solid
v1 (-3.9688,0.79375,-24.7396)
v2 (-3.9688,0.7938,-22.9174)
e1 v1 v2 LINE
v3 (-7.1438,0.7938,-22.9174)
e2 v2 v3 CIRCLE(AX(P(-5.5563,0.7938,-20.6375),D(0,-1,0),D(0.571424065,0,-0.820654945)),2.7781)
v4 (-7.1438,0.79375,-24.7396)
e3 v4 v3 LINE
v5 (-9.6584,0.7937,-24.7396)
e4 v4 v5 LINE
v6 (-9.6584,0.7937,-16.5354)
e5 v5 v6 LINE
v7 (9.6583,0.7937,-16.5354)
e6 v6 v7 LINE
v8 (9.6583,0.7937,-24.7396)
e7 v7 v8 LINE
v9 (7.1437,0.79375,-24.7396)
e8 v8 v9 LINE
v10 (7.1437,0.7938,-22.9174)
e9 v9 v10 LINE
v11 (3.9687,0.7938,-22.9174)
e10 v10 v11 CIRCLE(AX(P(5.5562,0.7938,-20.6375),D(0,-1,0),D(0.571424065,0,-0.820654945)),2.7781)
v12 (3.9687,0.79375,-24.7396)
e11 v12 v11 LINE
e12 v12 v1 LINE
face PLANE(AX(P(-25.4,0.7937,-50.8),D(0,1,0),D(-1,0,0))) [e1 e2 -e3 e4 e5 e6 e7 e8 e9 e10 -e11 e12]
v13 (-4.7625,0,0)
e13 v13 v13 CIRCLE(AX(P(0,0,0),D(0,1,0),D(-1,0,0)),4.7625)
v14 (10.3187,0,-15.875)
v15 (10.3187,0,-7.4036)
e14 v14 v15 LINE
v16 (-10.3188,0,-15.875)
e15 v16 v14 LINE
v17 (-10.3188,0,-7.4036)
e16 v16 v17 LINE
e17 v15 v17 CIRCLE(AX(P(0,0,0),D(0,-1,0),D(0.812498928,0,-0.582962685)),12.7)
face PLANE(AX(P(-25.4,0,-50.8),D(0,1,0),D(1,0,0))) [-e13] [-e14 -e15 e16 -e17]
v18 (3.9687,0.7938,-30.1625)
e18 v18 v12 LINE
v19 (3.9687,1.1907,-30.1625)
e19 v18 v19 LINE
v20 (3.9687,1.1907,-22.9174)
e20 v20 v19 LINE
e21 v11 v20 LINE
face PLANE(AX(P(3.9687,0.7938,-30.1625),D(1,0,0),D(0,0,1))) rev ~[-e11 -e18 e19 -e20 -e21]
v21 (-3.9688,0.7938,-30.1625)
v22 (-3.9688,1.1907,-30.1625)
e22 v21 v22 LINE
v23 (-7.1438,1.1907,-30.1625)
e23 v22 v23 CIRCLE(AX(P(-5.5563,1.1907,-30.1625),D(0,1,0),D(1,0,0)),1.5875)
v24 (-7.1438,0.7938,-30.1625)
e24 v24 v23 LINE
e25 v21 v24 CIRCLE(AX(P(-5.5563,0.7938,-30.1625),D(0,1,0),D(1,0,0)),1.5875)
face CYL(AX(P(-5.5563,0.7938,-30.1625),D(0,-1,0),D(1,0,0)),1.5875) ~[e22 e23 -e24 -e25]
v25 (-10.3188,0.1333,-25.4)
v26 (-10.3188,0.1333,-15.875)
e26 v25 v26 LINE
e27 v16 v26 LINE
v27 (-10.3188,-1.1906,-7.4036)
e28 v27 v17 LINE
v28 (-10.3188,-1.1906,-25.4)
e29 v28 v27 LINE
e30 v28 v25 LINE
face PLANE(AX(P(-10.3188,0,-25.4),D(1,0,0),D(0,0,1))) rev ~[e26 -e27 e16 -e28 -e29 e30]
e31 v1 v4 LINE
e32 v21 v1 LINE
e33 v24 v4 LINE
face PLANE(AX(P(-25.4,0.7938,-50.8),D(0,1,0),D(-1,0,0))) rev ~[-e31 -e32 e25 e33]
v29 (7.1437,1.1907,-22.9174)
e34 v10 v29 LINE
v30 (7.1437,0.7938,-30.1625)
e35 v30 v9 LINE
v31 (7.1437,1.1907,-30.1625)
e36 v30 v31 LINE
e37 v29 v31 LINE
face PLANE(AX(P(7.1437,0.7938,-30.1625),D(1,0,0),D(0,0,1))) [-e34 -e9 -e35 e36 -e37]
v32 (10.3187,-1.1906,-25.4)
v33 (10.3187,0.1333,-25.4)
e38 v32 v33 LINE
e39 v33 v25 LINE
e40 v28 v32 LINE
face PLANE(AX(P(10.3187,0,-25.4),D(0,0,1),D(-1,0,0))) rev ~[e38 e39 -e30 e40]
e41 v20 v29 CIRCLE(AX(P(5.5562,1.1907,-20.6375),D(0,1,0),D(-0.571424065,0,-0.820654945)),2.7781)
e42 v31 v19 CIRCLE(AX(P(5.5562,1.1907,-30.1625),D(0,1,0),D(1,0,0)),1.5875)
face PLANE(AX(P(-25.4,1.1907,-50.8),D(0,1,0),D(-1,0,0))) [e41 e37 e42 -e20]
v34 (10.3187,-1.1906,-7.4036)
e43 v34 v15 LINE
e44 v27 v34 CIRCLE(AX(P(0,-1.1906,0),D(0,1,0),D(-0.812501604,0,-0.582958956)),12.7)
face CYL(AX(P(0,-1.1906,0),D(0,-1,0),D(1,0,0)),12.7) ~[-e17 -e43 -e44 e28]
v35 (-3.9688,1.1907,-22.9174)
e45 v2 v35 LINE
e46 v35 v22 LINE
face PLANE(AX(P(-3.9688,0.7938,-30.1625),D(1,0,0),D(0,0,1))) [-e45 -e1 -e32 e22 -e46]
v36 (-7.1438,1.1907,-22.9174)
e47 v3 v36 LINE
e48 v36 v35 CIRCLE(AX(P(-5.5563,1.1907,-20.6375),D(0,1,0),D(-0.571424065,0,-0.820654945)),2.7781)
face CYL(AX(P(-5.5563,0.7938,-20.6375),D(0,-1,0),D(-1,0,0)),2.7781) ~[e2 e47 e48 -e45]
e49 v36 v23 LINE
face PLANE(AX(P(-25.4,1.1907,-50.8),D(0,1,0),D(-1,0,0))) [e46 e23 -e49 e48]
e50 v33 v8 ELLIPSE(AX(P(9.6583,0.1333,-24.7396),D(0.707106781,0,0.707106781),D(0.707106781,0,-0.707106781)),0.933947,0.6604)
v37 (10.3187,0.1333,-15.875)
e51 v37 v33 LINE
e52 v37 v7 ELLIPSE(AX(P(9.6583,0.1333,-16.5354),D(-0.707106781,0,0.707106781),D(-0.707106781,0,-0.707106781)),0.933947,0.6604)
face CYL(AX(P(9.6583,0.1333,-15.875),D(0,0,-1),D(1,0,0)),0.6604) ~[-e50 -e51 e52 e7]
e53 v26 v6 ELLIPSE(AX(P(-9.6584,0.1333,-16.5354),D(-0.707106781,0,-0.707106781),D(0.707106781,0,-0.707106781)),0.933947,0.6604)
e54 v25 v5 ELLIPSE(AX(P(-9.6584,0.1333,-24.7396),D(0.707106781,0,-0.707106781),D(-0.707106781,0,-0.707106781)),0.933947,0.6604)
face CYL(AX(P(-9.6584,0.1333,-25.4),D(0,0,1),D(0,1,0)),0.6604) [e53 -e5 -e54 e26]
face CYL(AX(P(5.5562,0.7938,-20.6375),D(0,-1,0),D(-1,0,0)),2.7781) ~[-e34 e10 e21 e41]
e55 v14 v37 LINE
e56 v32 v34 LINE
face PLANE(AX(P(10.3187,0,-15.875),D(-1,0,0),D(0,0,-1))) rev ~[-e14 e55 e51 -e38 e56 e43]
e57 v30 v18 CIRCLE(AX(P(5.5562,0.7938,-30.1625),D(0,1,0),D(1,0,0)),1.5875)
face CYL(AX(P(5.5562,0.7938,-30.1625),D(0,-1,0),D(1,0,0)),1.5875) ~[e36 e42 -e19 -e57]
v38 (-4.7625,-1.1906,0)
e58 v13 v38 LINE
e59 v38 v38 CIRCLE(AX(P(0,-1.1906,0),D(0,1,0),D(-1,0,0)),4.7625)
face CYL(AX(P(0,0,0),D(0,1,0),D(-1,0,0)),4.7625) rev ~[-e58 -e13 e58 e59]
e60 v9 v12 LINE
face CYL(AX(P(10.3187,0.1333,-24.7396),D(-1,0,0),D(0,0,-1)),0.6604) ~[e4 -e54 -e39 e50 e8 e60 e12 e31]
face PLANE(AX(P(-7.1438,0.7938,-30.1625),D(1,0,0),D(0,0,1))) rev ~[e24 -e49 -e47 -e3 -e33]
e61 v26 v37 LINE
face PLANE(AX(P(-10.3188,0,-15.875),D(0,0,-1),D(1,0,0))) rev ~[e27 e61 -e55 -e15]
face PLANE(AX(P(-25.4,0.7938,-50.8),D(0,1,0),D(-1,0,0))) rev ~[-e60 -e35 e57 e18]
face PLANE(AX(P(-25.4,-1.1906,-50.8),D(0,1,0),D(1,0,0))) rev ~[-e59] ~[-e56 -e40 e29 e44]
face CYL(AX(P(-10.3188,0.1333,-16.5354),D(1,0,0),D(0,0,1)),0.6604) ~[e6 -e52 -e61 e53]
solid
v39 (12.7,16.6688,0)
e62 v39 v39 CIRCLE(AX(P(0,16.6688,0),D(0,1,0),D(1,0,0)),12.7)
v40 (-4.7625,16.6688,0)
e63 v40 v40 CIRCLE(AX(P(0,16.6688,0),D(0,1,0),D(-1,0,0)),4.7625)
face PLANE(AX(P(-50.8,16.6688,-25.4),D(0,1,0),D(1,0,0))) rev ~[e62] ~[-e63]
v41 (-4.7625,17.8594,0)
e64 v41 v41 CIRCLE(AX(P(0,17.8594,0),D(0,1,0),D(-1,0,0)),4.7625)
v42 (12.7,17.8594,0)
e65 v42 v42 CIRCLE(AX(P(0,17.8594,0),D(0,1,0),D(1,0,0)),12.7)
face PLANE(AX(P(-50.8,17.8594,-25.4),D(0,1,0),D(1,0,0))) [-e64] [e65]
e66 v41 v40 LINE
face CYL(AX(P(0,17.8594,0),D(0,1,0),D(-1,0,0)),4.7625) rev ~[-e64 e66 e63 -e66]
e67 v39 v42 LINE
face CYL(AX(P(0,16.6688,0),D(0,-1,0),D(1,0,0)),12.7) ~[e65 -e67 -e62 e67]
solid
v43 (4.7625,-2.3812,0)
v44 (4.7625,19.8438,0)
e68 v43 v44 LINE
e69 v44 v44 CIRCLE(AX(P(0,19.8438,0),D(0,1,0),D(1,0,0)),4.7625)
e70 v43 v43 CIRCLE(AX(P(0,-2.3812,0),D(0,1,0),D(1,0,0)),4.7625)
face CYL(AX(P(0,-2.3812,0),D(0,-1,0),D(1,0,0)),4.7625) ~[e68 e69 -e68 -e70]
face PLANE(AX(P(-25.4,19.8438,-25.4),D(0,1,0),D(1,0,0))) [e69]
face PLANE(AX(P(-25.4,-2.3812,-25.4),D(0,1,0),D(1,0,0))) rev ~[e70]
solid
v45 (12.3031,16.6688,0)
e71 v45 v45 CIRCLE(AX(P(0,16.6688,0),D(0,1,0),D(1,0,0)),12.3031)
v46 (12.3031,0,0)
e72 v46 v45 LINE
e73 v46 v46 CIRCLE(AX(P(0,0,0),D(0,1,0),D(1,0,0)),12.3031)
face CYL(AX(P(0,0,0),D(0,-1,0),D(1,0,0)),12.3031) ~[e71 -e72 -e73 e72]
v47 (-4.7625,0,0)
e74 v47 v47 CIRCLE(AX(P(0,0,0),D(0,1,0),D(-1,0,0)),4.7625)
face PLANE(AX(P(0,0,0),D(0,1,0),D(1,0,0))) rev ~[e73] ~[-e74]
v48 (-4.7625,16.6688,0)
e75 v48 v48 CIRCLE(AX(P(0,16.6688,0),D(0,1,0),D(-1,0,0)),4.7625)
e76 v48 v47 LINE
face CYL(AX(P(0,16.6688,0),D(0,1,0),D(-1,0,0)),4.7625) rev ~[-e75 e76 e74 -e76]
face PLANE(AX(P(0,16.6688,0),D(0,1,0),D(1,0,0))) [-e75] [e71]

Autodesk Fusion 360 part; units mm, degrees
sketch "Sketch1" plane through (0, 0, 0) normal (0, 1, 0) x (1, 0, 0) in component "Coil Wiring"
  circle A0 centre (0, 0) radius 12.3031
  dimension "d1" = 24.6062
extrude "Extrude1" add sketch "Sketch1" along normal blind 16.6688 makes body 1 in component "Coil Wiring"
sketch "Sketch1 (2)" plane through (0, 0, 0) normal (0, 1, 0) x (1, 0, 0) in component "Plastic Top"
  circle A0 centre (50.8, -25.4) radius 12.7
  dimension "d4" = 25.4
extrude "Extrude1'" add sketch "Sketch1 (2)" along normal blind 1.1906 separate body makes body 2 in component "Plastic Top"
sketch "Sketch1 (3)" plane through (0, 0, 0) normal (0, 1, 0) x (1, 0, 0) in component "Plastic Bottom"
  circle A0 centre (25.4, -50.8) radius 12.7
  line L0 (25.4, -50.8) -> (25.4, -25.4)
  line L1 (25.4, -25.4) -> (15.0812, -25.4)
  line L2 (25.4, -25.4) -> (35.7187, -25.4)
  line L3 (35.7187, -25.4) -> (35.7187, -43.3964)
  line L4 (15.0812, -25.4) -> (15.0812, -43.3964)
  dimension "d7" = 25.4
  dimension "d8" = 25.4
  dimension "d9" = 10.3188
extrude "Extrude1''" add sketch "Sketch1 (3)" along normal blind 1.1906 separate body makes body 3 in component "Plastic Bottom"
sketch "Sketch2" plane through (0, 1.1906, 0) normal (0, 1, 0) x (-1, 0, 0) in component "Plastic Bottom"
  line L0 (-35.7187, 25.4) -> (-15.0812, 25.4)
  line L1 (-15.0812, 25.4) -> (-15.0812, 43.3964)
  arc A0 (-15.0812, 43.3964) -> (-35.7187, 43.3964) centre (-25.4, 50.8) ccw
  line L2 (-35.7187, 43.3964) -> (-35.7187, 25.4)
  line L3 (-15.0812, 25.4) -> (-15.0812, 34.925)
  line L4 (-15.0812, 34.925) -> (-35.7187, 34.925)
extrude "Extrude2" add sketch "Sketch2" along normal blind 0.7937 contours L0 L1 L2 L3 L4 bodies 3 in component "Plastic Bottom"
fillet "Fillet1" radius 0.6604 4 edges at (35.7187, 1.9844, 30.1625) (25.4, 1.9844, 25.4) (25.4, 1.9844, 34.925) (15.0812, 1.9844, 30.1625) on bodies 3 in component "Plastic Bottom"
sketch "Sketch3" plane through (0, 1.9844, 0) normal (0, 1, 0) x (-1, 0, 0) in component "Plastic Bottom"
  line L0 (-15.7416, 26.0604) -> (-15.7416, 34.2646)
  line L1 (-15.7416, 34.2646) -> (-35.0583, 34.2646)
  line L2 (-35.0583, 34.2646) -> (-35.0583, 26.0604)
  line L3 (-35.0583, 26.0604) -> (-15.7416, 26.0604)
  line L4 (-15.0812, 25.4) -> (-15.0812, 34.925)
  line L5 (-35.7187, 34.925) -> (-35.7187, 25.4)
  circle A0 centre (-19.8437, 30.1625) radius 2.7781
  circle A1 centre (-30.9562, 30.1625) radius 2.7781
  line L6 (-18.2562, 20.6375) -> (-18.2562, 27.8826)
  line L7 (-21.4312, 20.6375) -> (-21.4312, 27.8826)
  line L8 (-29.3687, 20.6375) -> (-29.3687, 27.8826)
  line L9 (-32.5437, 20.6375) -> (-32.5437, 27.8826)
  arc A2 (-21.4312, 20.6375) -> (-18.2562, 20.6375) centre (-19.8437, 20.6375) ccw
  arc A3 (-32.5437, 20.6375) -> (-29.3687, 20.6375) centre (-30.9562, 20.6375) ccw
  dimension "d18" = 5.5563
  dimension "d19" = 5.5563
extrude "Extrude3" add sketch "Sketch3" along normal blind 0.3969 contours L3 L6 L7 A2 | L3 A0 L6 L7 | A0 | L3 L8 L9 A3 | L3 A1 L8 L9 | A1 bodies 3 in component "Plastic Bottom"
sketch "Sketch1 (4)" plane through (0, 0, 0) normal (0, 1, 0) x (1, 0, 0) in component "Core"
  circle A0 centre (25.4, -25.4) radius 4.7625
  dimension "d28" = 9.525
extrude "Extrude1'''" add sketch "Sketch1 (4)" along normal blind 22.225 separate body makes body 4 in component "Core"
sketch "Sketch4" plane through (0, 1.1906, 0) normal (0, 1, 0) x (-1, 0, 0) in component "Plastic Bottom"
  line L0 (-35.7187, 34.925) -> (-15.0812, 34.925)
  line L1 (-15.0812, 34.925) -> (-15.0812, 43.3964)
  arc A0 (-15.0812, 43.3964) -> (-35.7187, 43.3964) centre (-25.4, 50.8) ccw
  line L2 (-35.7187, 43.3964) -> (-35.7187, 34.925)
  circle A1 centre (-25.4, 50.8) radius 4.7625
  dimension "d31" = 9.525
extrude "Extrude4" cut sketch "Sketch4" against normal blind 1.1906 contours A1 bodies 3 in component "Plastic Bottom"
sketch "Sketch2 (2)" plane through (0, 1.1906, 0) normal (0, 1, 0) x (-1, 0, 0) in component "Plastic Top"
  circle A0 centre (-50.8, 25.4) radius 12.7
  circle A1 centre (-50.8, 25.4) radius 4.7625
  dimension "d34" = 9.525
extrude "Extrude2'" cut sketch "Sketch2 (2)" against normal blind 1.1906 contours A1 bodies 2 in component "Plastic Top"
sketch "Sketch2 (3)" plane through (0, 16.6688, 0) normal (0, 1, 0) x (-1, 0, 0) in component "Coil Wiring"
  circle A0 centre (0, 0) radius 12.3031
  circle A1 centre (0, 0) radius 4.7625
  dimension "d37" = 9.525
extrude "Extrude2''" cut sketch "Sketch2 (3)" against normal blind 16.6688 contours A1 bodies 1 in component "Coil Wiring"
component "Coil Wiring" placed x (1, 0, 0) y (0, 1, 0) z (0, 0, 1) at (0, 0, 0)
component "Plastic Top" placed x (1, 0, 0) y (0, 1, 0) z (0, 0, 1) at (-50.8, 16.6688, -25.4)
component "Plastic Bottom" placed x (1, 0, 0) y (0, 1, 0) z (0, 0, 1) at (-25.4, -1.1906, -50.8)
component "Core" placed x (1, 0, 0) y (0, 1, 0) z (0, 0, 1) at (-25.4, -2.3812, -25.4)
equation "d1 = ( 31 / 32 ) * 1 in"
equation "d2 = ( 21 / 32 ) * 1 in"
equation "d5 = ( 3 / 64 ) * 1 in"
equation "d9 = ( 13 / 32 ) * 1 in"
equation "d10 = ( 3 / 64 ) * 1 in"
equation "d13 = ( 1 / 32 ) * 1 in"
equation "d18 = ( 7 / 32 ) * 1 in"
equation "d19 = ( 7 / 32 ) * 1 in"
equation "d26 = ( 1 / 64 ) * 1 in"
equation "d28 = ( 3 / 8 ) * 1 in"
equation "d29 = ( 7 / 8 ) * 1 in"
equation "d31 = ( 3 / 8 ) * 1 in"
equation "d32 = ( -3 / 64 ) * 1 in"
equation "d34 = ( 3 / 8 ) * 1 in"
equation "d35 = ( -3 / 64 ) * 1 in"
equation "d37 = ( 3 / 8 ) * 1 in"
equation "d38 = ( -21 / 32 ) * 1 in"
